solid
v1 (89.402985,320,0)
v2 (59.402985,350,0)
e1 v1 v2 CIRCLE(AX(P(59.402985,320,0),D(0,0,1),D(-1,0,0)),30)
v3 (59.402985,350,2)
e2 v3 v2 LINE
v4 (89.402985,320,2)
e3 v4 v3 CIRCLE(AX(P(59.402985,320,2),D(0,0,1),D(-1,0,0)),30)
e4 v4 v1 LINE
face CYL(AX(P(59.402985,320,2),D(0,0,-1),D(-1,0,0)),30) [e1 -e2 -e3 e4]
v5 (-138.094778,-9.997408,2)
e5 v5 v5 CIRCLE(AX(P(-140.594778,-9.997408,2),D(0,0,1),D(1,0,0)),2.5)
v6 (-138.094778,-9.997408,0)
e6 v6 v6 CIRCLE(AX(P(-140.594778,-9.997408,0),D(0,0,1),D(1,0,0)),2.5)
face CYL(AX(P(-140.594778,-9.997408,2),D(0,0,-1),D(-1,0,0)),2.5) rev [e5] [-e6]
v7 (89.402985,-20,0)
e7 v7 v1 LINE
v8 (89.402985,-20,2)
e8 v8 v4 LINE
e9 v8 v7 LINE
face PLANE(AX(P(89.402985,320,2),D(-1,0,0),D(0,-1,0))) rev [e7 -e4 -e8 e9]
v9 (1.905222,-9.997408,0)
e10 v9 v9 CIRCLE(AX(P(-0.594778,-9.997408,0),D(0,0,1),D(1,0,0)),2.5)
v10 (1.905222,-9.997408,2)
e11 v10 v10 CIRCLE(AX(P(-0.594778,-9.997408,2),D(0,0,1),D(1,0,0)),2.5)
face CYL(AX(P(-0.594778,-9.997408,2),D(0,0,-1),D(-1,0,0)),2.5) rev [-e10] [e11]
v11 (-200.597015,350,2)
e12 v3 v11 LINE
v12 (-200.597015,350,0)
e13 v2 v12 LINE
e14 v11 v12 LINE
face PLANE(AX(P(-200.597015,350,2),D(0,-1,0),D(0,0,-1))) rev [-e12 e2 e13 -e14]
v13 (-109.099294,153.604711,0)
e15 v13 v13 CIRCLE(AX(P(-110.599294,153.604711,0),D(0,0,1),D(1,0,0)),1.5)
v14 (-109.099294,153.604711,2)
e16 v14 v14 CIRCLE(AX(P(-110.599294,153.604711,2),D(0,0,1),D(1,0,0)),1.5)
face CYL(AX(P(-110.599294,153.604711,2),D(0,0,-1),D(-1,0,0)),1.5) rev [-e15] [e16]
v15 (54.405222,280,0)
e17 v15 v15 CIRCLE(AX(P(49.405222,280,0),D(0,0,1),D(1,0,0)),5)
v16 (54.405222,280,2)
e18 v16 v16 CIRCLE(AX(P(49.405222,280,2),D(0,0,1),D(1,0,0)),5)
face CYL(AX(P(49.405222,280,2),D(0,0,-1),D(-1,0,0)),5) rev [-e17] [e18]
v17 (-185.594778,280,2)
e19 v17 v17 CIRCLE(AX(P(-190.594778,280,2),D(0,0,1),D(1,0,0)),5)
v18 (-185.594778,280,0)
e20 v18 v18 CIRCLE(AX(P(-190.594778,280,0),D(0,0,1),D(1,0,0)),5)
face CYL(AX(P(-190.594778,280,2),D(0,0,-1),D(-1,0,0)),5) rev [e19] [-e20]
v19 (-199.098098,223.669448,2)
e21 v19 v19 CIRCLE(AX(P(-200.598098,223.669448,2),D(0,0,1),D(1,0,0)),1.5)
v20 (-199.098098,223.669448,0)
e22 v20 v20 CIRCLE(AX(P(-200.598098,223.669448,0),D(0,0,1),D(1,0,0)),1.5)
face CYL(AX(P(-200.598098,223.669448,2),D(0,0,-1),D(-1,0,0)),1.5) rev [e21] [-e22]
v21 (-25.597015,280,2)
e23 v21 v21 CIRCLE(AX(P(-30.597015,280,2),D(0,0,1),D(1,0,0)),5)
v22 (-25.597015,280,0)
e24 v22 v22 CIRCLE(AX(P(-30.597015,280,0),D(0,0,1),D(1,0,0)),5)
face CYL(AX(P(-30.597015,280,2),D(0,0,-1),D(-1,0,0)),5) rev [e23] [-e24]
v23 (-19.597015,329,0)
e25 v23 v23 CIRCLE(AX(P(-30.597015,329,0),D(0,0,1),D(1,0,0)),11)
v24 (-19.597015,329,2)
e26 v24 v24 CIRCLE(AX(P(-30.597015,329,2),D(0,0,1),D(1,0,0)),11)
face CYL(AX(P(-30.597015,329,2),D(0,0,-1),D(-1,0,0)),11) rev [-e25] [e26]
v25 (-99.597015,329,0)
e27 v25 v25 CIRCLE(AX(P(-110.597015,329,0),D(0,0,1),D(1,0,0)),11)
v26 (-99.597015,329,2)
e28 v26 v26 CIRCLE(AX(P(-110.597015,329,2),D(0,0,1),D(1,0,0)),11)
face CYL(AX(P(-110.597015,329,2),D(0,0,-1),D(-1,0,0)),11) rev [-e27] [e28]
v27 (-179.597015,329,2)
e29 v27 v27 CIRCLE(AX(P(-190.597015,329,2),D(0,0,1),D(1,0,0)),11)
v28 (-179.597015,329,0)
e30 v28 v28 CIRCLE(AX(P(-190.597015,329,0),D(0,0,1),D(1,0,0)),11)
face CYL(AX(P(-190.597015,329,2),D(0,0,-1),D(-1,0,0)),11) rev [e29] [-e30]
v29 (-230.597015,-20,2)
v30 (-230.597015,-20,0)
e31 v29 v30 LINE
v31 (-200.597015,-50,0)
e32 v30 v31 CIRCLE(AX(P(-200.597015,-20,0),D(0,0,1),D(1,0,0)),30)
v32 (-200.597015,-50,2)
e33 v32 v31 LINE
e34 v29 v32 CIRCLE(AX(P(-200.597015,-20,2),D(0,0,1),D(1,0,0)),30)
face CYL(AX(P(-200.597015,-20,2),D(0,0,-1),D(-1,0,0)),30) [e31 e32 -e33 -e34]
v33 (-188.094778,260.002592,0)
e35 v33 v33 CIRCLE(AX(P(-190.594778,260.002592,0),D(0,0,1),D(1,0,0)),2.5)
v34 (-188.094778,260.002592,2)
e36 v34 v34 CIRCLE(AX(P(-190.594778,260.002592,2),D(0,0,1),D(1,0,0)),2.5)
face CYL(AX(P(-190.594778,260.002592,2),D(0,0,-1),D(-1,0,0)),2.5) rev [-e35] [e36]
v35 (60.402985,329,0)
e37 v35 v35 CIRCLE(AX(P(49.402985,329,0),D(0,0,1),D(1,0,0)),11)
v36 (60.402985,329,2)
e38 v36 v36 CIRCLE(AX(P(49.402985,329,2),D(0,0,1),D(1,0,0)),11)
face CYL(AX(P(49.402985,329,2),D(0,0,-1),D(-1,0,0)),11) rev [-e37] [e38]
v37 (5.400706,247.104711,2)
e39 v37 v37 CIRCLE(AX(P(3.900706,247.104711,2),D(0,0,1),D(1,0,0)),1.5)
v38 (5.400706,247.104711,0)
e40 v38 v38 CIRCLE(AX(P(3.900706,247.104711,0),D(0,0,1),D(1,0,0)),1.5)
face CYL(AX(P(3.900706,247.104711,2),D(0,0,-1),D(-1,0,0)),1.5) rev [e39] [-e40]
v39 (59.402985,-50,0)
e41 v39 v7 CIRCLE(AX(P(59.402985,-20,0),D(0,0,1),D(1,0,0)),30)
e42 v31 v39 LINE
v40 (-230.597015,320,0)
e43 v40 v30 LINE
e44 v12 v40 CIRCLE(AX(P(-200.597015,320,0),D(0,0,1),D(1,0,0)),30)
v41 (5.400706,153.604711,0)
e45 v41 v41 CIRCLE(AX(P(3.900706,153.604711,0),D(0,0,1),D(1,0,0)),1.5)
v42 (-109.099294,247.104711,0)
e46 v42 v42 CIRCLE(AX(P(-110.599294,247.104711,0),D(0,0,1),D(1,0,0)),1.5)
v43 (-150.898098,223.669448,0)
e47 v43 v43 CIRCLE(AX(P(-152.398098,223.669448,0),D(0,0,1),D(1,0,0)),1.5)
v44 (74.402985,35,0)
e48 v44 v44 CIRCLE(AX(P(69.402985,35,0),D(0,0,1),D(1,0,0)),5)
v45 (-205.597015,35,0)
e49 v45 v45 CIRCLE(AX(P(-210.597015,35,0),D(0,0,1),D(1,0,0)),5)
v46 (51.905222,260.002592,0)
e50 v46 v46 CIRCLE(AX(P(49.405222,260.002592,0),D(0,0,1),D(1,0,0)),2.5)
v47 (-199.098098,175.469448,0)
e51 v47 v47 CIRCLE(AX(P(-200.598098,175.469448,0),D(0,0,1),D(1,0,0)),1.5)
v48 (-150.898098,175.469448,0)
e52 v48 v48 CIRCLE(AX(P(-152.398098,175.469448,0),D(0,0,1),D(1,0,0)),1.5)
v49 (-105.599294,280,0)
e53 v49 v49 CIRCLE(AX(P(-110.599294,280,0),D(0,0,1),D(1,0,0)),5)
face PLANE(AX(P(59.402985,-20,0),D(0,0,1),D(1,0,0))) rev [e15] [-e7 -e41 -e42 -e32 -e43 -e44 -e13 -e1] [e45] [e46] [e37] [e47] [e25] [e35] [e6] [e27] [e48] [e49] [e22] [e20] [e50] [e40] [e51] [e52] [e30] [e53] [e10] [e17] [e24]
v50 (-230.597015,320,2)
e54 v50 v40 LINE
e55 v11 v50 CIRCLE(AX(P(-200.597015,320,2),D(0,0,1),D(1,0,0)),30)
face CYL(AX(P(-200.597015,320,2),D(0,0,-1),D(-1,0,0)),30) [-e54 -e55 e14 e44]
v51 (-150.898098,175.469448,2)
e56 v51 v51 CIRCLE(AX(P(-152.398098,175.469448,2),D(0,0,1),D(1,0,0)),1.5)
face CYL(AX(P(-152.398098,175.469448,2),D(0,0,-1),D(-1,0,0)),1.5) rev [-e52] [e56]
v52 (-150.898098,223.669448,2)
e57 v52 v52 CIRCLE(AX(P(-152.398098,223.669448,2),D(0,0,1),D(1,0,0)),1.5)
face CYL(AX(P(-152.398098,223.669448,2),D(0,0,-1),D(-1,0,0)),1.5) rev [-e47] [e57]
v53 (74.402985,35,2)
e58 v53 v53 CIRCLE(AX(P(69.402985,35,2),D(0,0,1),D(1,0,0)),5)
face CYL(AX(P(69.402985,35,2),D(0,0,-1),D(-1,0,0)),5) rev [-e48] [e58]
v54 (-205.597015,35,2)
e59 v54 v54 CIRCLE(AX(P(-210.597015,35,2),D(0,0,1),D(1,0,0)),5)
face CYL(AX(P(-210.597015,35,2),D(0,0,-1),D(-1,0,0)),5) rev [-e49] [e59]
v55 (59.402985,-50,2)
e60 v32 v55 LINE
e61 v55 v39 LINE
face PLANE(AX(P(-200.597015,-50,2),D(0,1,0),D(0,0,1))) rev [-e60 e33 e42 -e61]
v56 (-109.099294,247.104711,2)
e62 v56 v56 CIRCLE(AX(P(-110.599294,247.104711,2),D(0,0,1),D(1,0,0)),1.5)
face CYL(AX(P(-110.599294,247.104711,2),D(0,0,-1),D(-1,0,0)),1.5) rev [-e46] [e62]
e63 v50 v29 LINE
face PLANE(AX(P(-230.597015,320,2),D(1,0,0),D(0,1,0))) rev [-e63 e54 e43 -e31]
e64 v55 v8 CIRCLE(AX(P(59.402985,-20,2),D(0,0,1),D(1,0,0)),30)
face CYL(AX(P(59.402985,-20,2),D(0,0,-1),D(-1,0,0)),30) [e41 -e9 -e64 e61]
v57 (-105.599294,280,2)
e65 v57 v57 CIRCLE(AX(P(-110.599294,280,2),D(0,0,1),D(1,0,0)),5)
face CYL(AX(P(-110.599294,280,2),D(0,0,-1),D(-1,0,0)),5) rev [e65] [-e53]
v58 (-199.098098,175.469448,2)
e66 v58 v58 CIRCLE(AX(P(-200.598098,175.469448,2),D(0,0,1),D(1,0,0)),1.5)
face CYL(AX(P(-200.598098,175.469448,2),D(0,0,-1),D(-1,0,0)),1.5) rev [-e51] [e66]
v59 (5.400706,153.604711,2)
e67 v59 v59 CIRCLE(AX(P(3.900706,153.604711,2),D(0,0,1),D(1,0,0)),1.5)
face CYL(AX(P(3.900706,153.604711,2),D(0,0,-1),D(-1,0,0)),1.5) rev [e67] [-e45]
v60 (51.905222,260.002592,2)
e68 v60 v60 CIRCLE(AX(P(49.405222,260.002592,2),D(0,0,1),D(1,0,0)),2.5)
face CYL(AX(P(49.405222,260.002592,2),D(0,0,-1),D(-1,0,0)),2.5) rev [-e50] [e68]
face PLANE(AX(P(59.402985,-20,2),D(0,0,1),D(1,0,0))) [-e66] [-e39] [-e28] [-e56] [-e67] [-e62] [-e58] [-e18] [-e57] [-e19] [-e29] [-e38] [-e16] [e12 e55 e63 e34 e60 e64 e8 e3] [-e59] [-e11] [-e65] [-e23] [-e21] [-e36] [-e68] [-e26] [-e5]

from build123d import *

# Parameters (mm, degrees)
SKETCH_1_R      = 2.5
SKETCH_1_R_2    = 11
SKETCH_1_R_3    = 5
SKETCH_1_R_4    = 1.5
EXTRUDE_1_DEPTH = 2


with BuildPart() as part:
    # 草图1 → 凸台-拉伸1 (new body)
    with BuildSketch(Plane.XY):
        with BuildLine():
            Line((-200.597014925, 350), (59.402985075, 350))
            ThreePointArc((59.402985075, 350), (80.61618851, 341.213203436), (89.402985075, 320))
            Line((89.402985075, 320), (89.402985075, -20))
            ThreePointArc((89.402985075, -20), (80.61618851, -41.213203436), (59.402985075, -50))
            Line((59.402985075, -50), (-200.597014925, -50))
            ThreePointArc((-200.597014925, -50), (-221.810218361, -41.213203436), (-230.597014925, -20))
            Line((-230.597014925, -20), (-230.597014925, 320))
            ThreePointArc((-230.597014925, 320), (-221.810218361, 341.213203436), (-200.597014925, 350))
        make_face()
        with Locations((-190.594777504, 260.002592391)):
            Circle(SKETCH_1_R, mode=Mode.SUBTRACT)
        with Locations((49.405222496, 260.002592391)):
            Circle(SKETCH_1_R, mode=Mode.SUBTRACT)
        with Locations((-140.594777504, -9.997407609)):
            Circle(SKETCH_1_R, mode=Mode.SUBTRACT)
        with Locations((-0.594777504, -9.997407609)):
            Circle(SKETCH_1_R, mode=Mode.SUBTRACT)
        with Locations((-110.597014925, 329)):
            Circle(SKETCH_1_R_2, mode=Mode.SUBTRACT)
        with Locations((-30.597014925, 329)):
            Circle(SKETCH_1_R_2, mode=Mode.SUBTRACT)
        with Locations((-190.597014925, 329)):
            Circle(SKETCH_1_R_2, mode=Mode.SUBTRACT)
        with Locations((49.402985075, 329)):
            Circle(SKETCH_1_R_2, mode=Mode.SUBTRACT)
        with Locations((-210.597014925, 35)):
            Circle(SKETCH_1_R_3, mode=Mode.SUBTRACT)
        with Locations((69.402985075, 35)):
            Circle(SKETCH_1_R_3, mode=Mode.SUBTRACT)
        with Locations((-110.599294274, 247.104711047)):
            Circle(SKETCH_1_R_4, mode=Mode.SUBTRACT)
        with Locations((-110.599294274, 153.604711047)):
            Circle(SKETCH_1_R_4, mode=Mode.SUBTRACT)
        with Locations((3.900705726, 153.604711047)):
            Circle(SKETCH_1_R_4, mode=Mode.SUBTRACT)
        with Locations((3.900705726, 247.104711047)):
            Circle(SKETCH_1_R_4, mode=Mode.SUBTRACT)
        with Locations((-200.598097779, 223.669448039)):
            Circle(SKETCH_1_R_4, mode=Mode.SUBTRACT)
        with Locations((-152.398097779, 223.669448039)):
            Circle(SKETCH_1_R_4, mode=Mode.SUBTRACT)
        with Locations((-200.598097779, 175.469448039)):
            Circle(SKETCH_1_R_4, mode=Mode.SUBTRACT)
        with Locations((-152.398097779, 175.469448039)):
            Circle(SKETCH_1_R_4, mode=Mode.SUBTRACT)
        with Locations((-30.597014925, 280)):
            Circle(SKETCH_1_R_3, mode=Mode.SUBTRACT)
        with Locations((-190.594777504, 280)):
            Circle(SKETCH_1_R_3, mode=Mode.SUBTRACT)
        with Locations((-110.599294274, 280)):
            Circle(SKETCH_1_R_3, mode=Mode.SUBTRACT)
        with Locations((49.405222496, 280)):
            Circle(SKETCH_1_R_3, mode=Mode.SUBTRACT)
    extrude(amount=EXTRUDE_1_DEPTH)


solid = part.part
